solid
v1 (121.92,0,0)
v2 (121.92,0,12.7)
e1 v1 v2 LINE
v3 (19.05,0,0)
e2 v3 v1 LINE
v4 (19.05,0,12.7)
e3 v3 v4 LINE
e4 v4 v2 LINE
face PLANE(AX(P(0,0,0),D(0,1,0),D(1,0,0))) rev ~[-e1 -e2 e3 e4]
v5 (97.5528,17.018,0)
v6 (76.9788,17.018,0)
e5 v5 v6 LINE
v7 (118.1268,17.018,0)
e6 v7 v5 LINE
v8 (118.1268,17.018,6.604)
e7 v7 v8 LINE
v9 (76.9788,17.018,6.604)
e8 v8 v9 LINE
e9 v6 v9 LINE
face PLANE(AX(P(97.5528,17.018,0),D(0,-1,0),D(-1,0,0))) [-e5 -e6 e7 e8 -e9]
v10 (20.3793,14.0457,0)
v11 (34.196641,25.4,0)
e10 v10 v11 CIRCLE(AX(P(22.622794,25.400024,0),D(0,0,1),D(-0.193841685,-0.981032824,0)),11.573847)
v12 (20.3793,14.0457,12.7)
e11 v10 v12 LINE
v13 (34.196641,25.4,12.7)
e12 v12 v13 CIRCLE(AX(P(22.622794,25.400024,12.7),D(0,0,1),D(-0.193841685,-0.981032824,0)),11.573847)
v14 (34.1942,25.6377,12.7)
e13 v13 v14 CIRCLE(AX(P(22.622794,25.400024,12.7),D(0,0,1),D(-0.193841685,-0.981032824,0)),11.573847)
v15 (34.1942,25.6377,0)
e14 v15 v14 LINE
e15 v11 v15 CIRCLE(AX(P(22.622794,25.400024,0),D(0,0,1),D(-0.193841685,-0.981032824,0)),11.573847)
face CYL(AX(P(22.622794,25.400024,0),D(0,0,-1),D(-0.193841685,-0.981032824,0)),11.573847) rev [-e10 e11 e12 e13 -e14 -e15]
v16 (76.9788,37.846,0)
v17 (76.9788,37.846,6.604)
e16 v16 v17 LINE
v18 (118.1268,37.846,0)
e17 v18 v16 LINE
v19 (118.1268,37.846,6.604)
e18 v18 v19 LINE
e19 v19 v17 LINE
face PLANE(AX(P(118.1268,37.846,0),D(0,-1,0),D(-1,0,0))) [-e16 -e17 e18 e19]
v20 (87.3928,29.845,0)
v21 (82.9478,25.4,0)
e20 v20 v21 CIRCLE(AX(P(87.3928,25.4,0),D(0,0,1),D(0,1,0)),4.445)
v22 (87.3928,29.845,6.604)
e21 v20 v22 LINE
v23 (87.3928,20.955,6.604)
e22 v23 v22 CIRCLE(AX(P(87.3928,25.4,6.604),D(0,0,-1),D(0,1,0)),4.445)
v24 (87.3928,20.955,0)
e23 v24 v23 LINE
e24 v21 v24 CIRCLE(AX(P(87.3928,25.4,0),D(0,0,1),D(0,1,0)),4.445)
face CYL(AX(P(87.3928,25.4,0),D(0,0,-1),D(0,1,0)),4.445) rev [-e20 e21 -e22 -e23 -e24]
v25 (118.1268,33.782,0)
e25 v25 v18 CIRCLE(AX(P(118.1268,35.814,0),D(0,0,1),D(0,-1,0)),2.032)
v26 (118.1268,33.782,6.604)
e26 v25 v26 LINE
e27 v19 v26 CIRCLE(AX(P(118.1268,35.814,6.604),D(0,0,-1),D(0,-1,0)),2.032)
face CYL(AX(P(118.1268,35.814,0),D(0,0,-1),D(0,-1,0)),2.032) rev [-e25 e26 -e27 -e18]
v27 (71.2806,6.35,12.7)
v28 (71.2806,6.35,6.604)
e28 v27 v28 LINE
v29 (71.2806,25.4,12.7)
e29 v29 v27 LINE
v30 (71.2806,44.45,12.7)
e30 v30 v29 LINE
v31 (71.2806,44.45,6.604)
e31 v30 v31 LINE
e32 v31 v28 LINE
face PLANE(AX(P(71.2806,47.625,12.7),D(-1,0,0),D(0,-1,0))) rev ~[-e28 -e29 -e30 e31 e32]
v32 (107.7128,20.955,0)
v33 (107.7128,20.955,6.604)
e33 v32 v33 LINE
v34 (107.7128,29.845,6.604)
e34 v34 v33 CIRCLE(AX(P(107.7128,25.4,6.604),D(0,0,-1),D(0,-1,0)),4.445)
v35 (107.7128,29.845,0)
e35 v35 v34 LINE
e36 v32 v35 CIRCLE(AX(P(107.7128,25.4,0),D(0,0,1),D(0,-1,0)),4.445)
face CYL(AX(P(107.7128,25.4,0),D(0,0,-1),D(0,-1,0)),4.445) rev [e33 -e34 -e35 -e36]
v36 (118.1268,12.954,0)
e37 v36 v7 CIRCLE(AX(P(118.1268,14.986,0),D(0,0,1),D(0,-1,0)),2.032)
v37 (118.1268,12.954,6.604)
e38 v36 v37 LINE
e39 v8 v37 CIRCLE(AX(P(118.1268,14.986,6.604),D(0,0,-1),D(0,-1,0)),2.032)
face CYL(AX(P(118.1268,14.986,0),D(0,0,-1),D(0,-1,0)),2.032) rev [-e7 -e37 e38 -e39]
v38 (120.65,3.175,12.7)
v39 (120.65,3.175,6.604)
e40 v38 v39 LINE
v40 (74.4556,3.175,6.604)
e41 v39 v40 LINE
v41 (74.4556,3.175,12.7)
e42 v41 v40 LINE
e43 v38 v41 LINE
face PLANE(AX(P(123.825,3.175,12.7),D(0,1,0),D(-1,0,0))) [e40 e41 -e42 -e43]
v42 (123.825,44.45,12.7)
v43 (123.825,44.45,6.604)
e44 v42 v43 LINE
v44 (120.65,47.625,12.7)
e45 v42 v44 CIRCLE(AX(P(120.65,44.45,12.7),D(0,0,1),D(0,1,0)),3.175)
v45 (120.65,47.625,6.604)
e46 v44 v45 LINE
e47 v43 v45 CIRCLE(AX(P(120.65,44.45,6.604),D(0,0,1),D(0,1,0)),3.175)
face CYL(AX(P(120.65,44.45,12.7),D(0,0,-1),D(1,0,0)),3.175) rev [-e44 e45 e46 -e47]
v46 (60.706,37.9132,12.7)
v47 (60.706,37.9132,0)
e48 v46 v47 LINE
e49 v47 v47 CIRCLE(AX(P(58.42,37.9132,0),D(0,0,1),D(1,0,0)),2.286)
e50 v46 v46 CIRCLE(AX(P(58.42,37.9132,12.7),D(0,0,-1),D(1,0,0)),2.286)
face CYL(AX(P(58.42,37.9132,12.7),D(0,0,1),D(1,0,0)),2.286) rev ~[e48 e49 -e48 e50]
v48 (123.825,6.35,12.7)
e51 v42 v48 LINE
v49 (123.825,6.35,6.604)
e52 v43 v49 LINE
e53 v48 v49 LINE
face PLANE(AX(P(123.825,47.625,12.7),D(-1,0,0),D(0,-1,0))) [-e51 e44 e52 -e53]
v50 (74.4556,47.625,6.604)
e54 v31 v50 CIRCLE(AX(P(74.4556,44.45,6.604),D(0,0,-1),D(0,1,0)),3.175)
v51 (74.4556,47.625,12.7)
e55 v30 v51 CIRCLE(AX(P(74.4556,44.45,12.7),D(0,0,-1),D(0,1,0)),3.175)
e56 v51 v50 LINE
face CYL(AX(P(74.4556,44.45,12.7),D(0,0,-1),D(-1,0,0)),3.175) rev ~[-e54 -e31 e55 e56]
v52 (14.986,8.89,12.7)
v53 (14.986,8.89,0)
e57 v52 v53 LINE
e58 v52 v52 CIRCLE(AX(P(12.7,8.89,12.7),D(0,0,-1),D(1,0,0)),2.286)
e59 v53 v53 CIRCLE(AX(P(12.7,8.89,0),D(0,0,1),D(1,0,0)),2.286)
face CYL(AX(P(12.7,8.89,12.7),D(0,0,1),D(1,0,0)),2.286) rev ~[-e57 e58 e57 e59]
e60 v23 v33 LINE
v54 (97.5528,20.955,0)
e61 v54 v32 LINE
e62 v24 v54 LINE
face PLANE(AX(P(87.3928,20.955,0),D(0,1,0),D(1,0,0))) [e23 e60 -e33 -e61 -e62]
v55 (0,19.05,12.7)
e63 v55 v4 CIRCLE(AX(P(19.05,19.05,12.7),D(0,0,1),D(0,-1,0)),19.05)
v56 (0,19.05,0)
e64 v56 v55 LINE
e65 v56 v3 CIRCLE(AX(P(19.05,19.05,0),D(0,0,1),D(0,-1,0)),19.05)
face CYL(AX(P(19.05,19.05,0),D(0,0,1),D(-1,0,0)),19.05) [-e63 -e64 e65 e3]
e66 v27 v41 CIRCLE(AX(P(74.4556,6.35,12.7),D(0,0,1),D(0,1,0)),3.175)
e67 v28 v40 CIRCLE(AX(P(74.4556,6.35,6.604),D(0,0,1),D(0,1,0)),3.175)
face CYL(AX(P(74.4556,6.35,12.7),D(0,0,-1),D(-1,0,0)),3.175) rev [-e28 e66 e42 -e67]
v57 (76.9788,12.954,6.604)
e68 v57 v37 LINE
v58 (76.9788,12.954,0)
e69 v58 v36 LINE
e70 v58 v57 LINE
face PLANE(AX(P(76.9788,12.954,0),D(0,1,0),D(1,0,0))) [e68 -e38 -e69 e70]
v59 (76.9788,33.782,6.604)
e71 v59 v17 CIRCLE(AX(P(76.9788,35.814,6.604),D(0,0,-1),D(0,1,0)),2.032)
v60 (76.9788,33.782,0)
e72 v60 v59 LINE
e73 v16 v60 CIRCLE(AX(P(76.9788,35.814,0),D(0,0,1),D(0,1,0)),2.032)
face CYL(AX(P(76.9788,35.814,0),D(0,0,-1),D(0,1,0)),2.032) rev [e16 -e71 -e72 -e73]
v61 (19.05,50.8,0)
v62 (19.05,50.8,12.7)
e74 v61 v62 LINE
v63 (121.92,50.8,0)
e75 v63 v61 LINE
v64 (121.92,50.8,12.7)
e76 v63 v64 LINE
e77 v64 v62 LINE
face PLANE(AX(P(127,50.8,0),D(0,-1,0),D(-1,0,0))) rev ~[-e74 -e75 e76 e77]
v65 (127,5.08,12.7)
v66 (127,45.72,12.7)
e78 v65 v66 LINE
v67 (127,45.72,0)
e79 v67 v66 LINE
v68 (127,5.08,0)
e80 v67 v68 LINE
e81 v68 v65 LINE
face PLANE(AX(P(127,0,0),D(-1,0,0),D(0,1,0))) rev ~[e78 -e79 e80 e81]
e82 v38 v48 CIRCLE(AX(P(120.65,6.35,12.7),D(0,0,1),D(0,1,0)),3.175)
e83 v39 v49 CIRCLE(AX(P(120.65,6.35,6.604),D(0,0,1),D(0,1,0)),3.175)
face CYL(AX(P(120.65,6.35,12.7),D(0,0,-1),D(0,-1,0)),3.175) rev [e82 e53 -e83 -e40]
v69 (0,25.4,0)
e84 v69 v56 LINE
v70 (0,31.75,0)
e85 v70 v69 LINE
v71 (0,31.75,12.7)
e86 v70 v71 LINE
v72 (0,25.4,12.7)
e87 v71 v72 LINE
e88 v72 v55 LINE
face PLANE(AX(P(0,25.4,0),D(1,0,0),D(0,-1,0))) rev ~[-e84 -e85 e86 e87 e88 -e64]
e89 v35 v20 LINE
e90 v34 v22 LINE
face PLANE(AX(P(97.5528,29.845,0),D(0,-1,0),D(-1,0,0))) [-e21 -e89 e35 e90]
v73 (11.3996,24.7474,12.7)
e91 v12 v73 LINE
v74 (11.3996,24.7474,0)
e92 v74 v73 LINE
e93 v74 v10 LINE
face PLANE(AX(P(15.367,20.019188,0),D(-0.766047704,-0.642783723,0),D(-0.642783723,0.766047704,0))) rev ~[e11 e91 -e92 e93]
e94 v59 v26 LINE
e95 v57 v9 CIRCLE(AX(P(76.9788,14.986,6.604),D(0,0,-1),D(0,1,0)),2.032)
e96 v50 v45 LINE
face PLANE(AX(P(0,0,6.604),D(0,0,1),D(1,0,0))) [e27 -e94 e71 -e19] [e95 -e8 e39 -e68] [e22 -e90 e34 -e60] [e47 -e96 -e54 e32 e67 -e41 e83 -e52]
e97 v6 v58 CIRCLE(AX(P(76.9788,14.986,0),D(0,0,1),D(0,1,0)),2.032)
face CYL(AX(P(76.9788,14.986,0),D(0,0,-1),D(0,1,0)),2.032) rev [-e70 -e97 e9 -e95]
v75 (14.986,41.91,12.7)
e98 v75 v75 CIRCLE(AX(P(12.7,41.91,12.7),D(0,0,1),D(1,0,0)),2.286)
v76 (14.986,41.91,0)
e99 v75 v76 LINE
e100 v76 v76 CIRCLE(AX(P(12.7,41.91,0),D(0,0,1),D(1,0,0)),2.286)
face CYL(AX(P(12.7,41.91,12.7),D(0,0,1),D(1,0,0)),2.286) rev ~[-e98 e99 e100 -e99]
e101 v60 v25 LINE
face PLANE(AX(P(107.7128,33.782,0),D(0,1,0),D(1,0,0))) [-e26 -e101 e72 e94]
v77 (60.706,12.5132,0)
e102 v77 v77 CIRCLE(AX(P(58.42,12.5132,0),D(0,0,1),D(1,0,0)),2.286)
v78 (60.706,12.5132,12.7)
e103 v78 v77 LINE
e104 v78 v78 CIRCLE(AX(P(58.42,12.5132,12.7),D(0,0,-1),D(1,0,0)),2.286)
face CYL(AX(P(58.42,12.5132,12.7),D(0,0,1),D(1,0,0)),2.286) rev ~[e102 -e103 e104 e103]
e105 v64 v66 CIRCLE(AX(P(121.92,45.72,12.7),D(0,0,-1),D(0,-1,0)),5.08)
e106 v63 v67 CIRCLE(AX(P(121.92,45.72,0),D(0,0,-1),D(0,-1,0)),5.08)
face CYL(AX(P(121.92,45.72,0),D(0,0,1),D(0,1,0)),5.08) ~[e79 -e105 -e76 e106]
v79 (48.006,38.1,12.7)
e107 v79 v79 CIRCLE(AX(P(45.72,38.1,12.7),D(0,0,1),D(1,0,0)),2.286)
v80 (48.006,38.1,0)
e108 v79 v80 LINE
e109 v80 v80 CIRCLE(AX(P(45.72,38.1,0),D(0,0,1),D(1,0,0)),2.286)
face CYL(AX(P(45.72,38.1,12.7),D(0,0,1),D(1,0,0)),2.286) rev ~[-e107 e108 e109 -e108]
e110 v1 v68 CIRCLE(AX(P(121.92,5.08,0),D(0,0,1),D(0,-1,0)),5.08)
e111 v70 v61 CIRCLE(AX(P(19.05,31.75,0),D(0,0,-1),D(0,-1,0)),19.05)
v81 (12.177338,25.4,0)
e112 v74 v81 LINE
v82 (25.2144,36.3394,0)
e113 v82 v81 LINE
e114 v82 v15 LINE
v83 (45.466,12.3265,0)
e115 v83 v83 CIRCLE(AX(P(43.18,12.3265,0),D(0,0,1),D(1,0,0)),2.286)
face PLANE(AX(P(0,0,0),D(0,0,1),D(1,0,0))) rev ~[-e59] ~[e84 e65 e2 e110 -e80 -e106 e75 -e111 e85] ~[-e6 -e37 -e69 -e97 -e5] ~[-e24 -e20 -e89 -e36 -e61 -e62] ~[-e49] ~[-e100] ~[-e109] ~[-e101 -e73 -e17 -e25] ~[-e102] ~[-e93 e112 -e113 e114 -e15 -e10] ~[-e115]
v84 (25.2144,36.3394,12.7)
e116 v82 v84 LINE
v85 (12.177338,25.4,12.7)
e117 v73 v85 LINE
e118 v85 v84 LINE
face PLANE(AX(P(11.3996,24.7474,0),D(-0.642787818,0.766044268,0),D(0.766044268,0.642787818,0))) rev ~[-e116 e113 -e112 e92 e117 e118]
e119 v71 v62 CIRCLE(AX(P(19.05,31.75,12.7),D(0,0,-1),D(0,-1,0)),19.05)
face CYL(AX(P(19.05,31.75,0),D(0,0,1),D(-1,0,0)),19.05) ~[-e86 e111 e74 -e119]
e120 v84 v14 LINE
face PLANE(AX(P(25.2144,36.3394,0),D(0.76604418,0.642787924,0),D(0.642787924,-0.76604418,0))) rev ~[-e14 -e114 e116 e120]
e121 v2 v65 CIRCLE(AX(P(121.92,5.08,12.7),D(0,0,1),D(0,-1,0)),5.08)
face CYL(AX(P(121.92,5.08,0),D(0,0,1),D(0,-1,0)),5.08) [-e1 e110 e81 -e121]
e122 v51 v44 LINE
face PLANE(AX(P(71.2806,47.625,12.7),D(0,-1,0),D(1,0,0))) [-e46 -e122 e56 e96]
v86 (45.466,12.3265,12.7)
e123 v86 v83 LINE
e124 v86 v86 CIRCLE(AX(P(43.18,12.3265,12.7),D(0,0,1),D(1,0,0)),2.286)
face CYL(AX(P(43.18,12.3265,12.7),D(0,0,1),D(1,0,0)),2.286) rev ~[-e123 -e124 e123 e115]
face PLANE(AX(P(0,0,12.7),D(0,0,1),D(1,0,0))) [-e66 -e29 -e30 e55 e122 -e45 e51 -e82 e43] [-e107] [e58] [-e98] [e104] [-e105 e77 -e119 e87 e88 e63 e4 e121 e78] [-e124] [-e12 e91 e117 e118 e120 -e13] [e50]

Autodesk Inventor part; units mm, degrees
ref_plane "YZ Plane" through (0, 0, 0) normal (1, 0, 0) x (0, 1, 0)
ref_plane "XZ Plane" through (0, 0, 0) normal (0, 1, 0) x (-1, 0, 0)
ref_plane "XY Plane" through (0, 0, 0) normal (0, 0, 1) x (1, 0, 0)
sketch "Sketch1" plane through (0, 0, 0) normal (0, 0, 1) x (1, 0, 0)
  line L0 (0, 0) -> (127, 0)
  line L1 (127, 0) -> (127, 50.8)
  line L2 (127, 50.8) -> (0, 50.8)
  line L3 (0, 50.8) -> (0, 0)
  line L4 (0, 25.4) -> (6.35, 25.4)
  line L5 (0, 25.4) -> (6.35, 25.4) construction
  line L6 (6.35, 25.4) -> (15.367, 25.4)
  line L7 (127, 25.4) -> (120.65, 25.4)
  line L8 (127, 25.4) -> (133.35, 25.4) construction
  line L9 (15.367, 25.4) -> (15.367, 34.417)
  line L10 (15.367, 25.4) -> (24.384, 25.4) construction
  line L11 (15.367, 25.4) -> (15.367, 16.383)
  line L12 (20.3793, 14.0457) -> (11.3996, 24.7474)
  line L13 (24.8663, 36.7543) -> (33.846, 26.0526) construction
  line L14 (11.3996, 24.7474) -> (25.2144, 36.3394)
  line L15 (25.2144, 36.3394) -> (34.1942, 25.6377)
  line L16 (15.367, 25.4) -> (11.049, 25.4)
  arc A0 (20.3793, 14.0457) -> (34.1942, 25.6377) centre (22.6228, 25.4) ccw
  line L17 (120.65, 25.4) -> (131.064, 25.4) construction
  line L18 (22.6228, 25.4) -> (107.7128, 25.4)
  line L19 (22.6228, 25.4) -> (107.7128, 25.4) construction
  line L20 (22.6228, 25.4) -> (87.3928, 25.4)
  line L21 (22.6228, 25.4) -> (87.3928, 25.4) construction
  line L22 (87.3928, 25.4) -> (107.7128, 25.4)
  line L23 (107.7128, 25.4) -> (87.3928, 25.4) construction
  line L24 (107.7128, 29.845) -> (87.3928, 29.845)
  line L25 (87.3928, 20.955) -> (107.7128, 20.955)
  arc A1 (107.7128, 20.955) -> (107.7128, 29.845) centre (107.7128, 25.4) ccw
  arc A2 (87.3928, 29.845) -> (87.3928, 20.955) centre (87.3928, 25.4) ccw
  line L26 (107.7128, 25.4) -> (107.7128, 35.814)
  line L27 (107.7128, 25.4) -> (118.1268, 25.4) construction
  line L28 (107.7128, 35.814) -> (118.1268, 35.814)
  line L29 (107.7128, 35.814) -> (118.1268, 35.814) construction
  line L30 (107.7128, 14.986) -> (118.1268, 14.986)
  line L31 (97.5528, 25.4) -> (97.5528, 27.2043)
  line L32 (87.3928, 35.814) -> (76.9788, 35.814)
  line L33 (87.3928, 35.814) -> (76.9788, 35.814) construction
  line L34 (87.3928, 14.986) -> (76.9788, 14.986)
  line L35 (97.5528, 35.814) -> (97.5528, 14.986)
  line L36 (97.5528, 35.814) -> (118.3808, 35.814) construction
  line L37 (118.1268, 35.814) -> (76.9788, 35.814) construction
  line L38 (118.1268, 37.846) -> (76.9788, 37.846)
  line L39 (76.9788, 33.782) -> (118.1268, 33.782)
  arc A3 (118.1268, 33.782) -> (118.1268, 37.846) centre (118.1268, 35.814) ccw
  arc A4 (76.9788, 37.846) -> (76.9788, 33.782) centre (76.9788, 35.814) ccw
  line L40 (118.1268, 14.986) -> (76.9788, 14.986) construction
  line L41 (118.1268, 17.018) -> (76.9788, 17.018)
  line L42 (76.9788, 12.954) -> (118.1268, 12.954)
  arc A5 (118.1268, 12.954) -> (118.1268, 17.018) centre (118.1268, 14.986) ccw
  arc A6 (76.9788, 17.018) -> (76.9788, 12.954) centre (76.9788, 14.986) ccw
  dimension "d1" = 127
  dimension "d2" = 50.8
  dimension "d3" = 6.35
  dimension "d4" = 0
  dimension "d5" = 9.017
  dimension "d6" = 180
  dimension "d7" = 6.35
  dimension "d8" = 180
  dimension "d11" = 9.017
  dimension "d12" = 90
  dimension "d13" = 13.97
  dimension "d14" = 180
  dimension "d15" = 4.318
  dimension "d18" = 85.09
  dimension "d20" = 64.77
  dimension "d22" = 8.89
  dimension "d23" = 10.414
  dimension "d24" = 90
  dimension "d25" = 10.414
  dimension "d26" = 0
  dimension "d27" = 90
  dimension "d28" = 4.064
  dimension "d29" = 4.064
  dimension "d41" = 20.828
extrude "Extrusion1" add sketch "Sketch1" along normal blind 12.7 contours L3 L2 L1 L0 | L35 L39 L26 L24
sketch "Sketch2" plane through (0, 0, 12.7) normal (0, 0, 1) x (1, 0, 0)
  line L0 (127, 0) -> (127, 50.8)
  line L1 (71.2806, 47.625) -> (123.825, 47.625)
  line L2 (123.825, 47.625) -> (123.825, 3.175)
  line L3 (123.825, 3.175) -> (71.2806, 3.175)
  line L4 (71.2806, 47.625) -> (71.2806, 3.175)
  line L5 (127, 50.8) -> (68.1056, 50.8)
  line L6 (68.1056, 0) -> (127, 0)
  line L7 (68.1056, 50.8) -> (68.1056, 0)
  point P0 (0, 0)
extrude "Extrusion2" cut sketch "Sketch2" against normal blind 6.096 contours L1 L2 L3 L4
fillet "Fillet1" radius 5.08 2 edges at (127, 0, 6.35) (127, 50.8, 6.35)
fillet "Fillet2" radius 3.175 4 edges at (123.825, 47.625, 9.652) (71.2806, 47.625, 9.652) (71.2806, 3.175, 9.652) (123.825, 3.175, 9.652)
sketch "Sketch3" plane through (0, 0, 12.7) normal (0, 0, 1) x (1, 0, 0)
  line L0 (121.92, 50.8) -> (0, 50.8) projected
  line L1 (60.96, 50.8) -> (60.96, -0.3735)
  line L2 (60.96, 50.8) -> (112.1335, 50.8) construction
  line L3 (60.96, -0.3735) -> (60.96, 12.3265)
  line L4 (60.96, 12.3265) -> (43.18, 12.3265)
  circle A0 centre (43.18, 12.3265) radius 2.286
  circle A1 centre (45.72, 38.1) radius 2.286
  line L5 (0, 50.8) -> (0, 0) projected
  line L6 (0, 25.4) -> (12.7, 25.4)
  line L7 (0, 25.4) -> (12.7, 25.4) construction
  line L8 (12.7, 25.4) -> (12.7, 8.89)
  line L9 (12.7, 25.4) -> (29.21, 25.4) construction
  circle A2 centre (12.7, 8.89) radius 2.286
  circle A3 centre (12.7, 41.91) radius 2.286
  line L10 (60.96, 25.2132) -> (58.42, 25.2132)
  line L11 (60.96, 25.2132) -> (63.5, 25.2132) construction
  line L12 (58.42, 25.2132) -> (58.42, 37.9132)
  circle A4 centre (58.42, 37.9132) radius 2.286
  circle A5 centre (58.42, 12.5132) radius 2.286
  point P0 (3.175, 50.8)
  point P1 (0, 47.625)
  point P2 (0, 3.175)
  dimension "d42" = 90
  dimension "d43" = 12.7
  dimension "d44" = 0
  dimension "d45" = 17.78
  dimension "d46" = 4.572
  dimension "d47" = 12.7
  dimension "d48" = 0
  dimension "d49" = 16.51
  dimension "d50" = 90
  dimension "d51" = 4.572
  dimension "d52" = 2.54
  dimension "d53" = 180
  dimension "d54" = 4.572
extrude "Extrusion3" cut sketch "Sketch3" against normal blind 25.4
fillet "Fillet3" radius 19.05 2 edges at (0, 50.8, 6.35) (0, 0, 6.35)
properties part number "Skateboard Motor Bracket"
